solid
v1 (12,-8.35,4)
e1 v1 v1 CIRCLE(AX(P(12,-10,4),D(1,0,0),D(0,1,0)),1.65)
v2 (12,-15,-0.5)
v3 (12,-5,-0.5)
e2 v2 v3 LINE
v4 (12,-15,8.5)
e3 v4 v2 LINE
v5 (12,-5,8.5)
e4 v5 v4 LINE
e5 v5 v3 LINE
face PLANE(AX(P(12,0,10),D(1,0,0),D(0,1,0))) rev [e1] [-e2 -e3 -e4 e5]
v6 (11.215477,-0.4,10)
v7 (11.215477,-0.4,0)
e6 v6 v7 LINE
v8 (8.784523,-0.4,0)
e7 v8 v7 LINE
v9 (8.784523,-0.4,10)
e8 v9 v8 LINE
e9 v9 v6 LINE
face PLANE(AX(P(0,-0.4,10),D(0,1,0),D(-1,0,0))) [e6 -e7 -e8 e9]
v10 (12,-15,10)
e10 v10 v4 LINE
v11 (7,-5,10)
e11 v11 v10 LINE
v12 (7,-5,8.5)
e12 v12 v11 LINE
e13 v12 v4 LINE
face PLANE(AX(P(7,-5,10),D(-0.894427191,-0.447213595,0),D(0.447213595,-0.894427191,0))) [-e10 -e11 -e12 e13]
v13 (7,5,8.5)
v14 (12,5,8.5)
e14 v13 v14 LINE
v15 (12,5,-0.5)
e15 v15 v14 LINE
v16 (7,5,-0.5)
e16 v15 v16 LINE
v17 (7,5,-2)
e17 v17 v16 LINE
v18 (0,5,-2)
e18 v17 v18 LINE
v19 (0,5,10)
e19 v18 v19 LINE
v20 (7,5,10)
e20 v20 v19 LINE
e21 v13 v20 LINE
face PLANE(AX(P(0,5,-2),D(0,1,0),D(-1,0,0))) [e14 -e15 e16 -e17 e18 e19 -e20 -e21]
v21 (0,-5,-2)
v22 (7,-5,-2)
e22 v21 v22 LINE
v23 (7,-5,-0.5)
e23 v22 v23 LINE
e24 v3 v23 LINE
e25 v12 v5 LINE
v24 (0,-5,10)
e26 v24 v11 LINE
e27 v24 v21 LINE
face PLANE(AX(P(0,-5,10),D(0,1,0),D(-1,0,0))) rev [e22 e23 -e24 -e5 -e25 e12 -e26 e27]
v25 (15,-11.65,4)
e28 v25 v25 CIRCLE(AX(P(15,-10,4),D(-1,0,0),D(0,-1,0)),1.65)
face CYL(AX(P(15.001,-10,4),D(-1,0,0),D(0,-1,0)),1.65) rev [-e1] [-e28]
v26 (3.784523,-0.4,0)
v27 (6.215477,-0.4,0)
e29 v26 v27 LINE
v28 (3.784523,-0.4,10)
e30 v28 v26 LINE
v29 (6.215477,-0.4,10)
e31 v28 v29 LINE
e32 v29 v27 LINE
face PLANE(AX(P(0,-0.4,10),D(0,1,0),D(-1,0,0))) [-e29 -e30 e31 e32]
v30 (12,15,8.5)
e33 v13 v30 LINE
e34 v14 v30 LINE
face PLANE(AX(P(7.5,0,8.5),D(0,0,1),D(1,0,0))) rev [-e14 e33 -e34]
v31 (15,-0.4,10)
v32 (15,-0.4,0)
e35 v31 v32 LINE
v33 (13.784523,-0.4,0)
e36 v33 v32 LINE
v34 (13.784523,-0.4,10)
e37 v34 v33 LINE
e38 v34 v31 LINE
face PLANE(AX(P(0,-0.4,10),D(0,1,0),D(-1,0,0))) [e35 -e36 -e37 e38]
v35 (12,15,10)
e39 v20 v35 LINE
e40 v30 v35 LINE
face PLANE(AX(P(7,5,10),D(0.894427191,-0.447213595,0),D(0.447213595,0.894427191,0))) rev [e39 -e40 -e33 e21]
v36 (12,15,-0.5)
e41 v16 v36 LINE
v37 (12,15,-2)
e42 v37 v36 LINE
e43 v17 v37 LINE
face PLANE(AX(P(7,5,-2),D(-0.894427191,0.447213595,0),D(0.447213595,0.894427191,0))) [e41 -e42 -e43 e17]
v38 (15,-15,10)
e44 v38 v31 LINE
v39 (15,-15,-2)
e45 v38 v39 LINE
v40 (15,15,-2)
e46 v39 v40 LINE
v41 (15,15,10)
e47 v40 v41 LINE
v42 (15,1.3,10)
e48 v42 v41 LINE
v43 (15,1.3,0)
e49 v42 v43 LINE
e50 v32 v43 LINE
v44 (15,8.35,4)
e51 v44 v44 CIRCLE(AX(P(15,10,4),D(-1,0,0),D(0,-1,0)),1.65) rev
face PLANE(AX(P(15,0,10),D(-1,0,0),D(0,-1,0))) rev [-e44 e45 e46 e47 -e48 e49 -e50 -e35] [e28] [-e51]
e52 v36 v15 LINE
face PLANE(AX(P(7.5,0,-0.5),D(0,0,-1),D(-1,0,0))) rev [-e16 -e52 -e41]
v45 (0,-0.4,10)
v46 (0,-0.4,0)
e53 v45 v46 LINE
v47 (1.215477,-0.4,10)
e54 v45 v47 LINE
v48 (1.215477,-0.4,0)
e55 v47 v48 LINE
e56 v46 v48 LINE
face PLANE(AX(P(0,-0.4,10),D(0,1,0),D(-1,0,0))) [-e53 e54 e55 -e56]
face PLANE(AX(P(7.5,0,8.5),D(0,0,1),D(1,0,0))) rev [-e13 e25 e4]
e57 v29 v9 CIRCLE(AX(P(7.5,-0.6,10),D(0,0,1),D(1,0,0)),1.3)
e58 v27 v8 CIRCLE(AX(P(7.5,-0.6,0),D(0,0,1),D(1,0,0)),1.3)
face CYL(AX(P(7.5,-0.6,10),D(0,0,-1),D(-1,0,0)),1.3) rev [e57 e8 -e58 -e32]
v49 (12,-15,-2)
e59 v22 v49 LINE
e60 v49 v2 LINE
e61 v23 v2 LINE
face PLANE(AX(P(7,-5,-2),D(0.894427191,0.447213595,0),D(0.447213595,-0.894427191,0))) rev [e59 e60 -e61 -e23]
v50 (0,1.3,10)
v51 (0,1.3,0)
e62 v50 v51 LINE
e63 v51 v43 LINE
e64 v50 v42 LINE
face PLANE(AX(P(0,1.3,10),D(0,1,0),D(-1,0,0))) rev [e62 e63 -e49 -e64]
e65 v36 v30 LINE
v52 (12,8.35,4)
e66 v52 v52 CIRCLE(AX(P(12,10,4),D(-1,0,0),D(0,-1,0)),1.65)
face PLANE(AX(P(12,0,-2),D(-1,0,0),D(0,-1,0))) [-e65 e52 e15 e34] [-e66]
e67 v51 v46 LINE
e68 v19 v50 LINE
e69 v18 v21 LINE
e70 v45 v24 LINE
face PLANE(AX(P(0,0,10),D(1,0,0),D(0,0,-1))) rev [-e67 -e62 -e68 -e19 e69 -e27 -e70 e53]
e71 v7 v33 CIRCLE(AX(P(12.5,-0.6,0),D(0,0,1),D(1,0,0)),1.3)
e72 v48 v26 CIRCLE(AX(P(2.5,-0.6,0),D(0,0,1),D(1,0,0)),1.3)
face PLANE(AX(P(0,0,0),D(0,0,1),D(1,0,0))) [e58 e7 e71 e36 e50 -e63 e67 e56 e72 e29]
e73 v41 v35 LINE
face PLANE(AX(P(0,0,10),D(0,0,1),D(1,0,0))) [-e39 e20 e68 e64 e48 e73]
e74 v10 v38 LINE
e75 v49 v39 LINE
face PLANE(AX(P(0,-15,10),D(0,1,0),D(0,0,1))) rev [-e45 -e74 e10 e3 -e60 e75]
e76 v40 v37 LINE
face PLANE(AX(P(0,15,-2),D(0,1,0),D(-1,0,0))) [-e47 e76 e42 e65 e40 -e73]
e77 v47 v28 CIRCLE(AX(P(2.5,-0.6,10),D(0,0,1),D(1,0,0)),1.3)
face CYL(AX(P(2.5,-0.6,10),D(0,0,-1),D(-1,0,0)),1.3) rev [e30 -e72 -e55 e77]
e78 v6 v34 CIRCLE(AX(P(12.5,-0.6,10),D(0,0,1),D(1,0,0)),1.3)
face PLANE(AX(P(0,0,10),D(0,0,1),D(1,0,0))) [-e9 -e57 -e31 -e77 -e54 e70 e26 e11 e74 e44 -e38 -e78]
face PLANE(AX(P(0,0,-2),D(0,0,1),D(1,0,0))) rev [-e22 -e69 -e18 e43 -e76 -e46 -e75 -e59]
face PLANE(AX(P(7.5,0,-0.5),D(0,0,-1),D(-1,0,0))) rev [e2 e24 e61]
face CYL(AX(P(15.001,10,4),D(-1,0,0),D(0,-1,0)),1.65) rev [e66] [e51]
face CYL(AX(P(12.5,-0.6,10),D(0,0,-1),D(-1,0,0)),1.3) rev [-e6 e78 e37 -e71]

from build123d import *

# Parameters (mm, degrees)
BOSS_EXTRUDE1_DEPTH     = 10
BOSS_EXTRUDE2_DEPTH     = 2
CUT_EXTRUDE1_REACH      = 23.656
SKETCH5_R               = 1.65
RIB1_REACH              = 26.372
SKETCH4_WALL_W          = 61.924570316
SKETCH4_WALL_H          = 1.5
MIRROR2_COPY_1_REACH    = 26.372
MIRROR2_COPY_1_SKETCH_W = 61.924570316
MIRROR2_COPY_1_SKETCH_H = 1.5


with BuildPart() as part:
    # Sketch2 → Boss-Extrude1 (new body)
    with BuildSketch(Plane.XY):
        with BuildLine():
            Line((1, -0.6), (0, -0.6))
            Line((0, -0.6), (0, -5))
            Line((0, -5), (12, -5))
            Line((12, -5), (12, -15))
            Line((12, -15), (15, -15))
            Line((15, -15), (15, -0.6))
            Line((15, -0.6), (14, -0.6))
            ThreePointArc((14, -0.6), (12.5, -2.1), (11, -0.6))
            Line((11, -0.6), (9, -0.6))
            ThreePointArc((9, -0.6), (7.5, -2.1), (6, -0.6))
            Line((6, -0.6), (4, -0.6))
            ThreePointArc((4, -0.6), (2.5, -2.1), (1, -0.6))
        make_face()
        Polygon((12, 5), (0, 5), (0, 1.3), (15, 1.3), (15, 15), (12, 15), align=None)
        with BuildLine():
            Line((1.215476742, -0.4), (0, -0.4))
            Line((0, -0.4), (0, -0.6))
            Line((0, -0.6), (1, -0.6))
            ThreePointArc((1, -0.6), (2.5, -2.1), (4, -0.6))
            Line((4, -0.6), (6, -0.6))
            ThreePointArc((6, -0.6), (7.5, -2.1), (9, -0.6))
            Line((9, -0.6), (11, -0.6))
            ThreePointArc((11, -0.6), (12.5, -2.1), (14, -0.6))
            Line((14, -0.6), (15, -0.6))
            Line((15, -0.6), (15, -0.4))
            Line((15, -0.4), (13.784523258, -0.4))
            ThreePointArc((13.784523258, -0.4), (12.5, -1.9), (11.215476742, -0.4))
            Line((11.215476742, -0.4), (8.784523258, -0.4))
            ThreePointArc((8.784523258, -0.4), (7.5, -1.9), (6.215476742, -0.4))
            Line((6.215476742, -0.4), (3.784523258, -0.4))
            ThreePointArc((3.784523258, -0.4), (2.5, -1.9), (1.215476742, -0.4))
        make_face()
    extrude(amount=BOSS_EXTRUDE1_DEPTH)

    # Sketch2<4> → Boss-Extrude2 (add)
    with BuildSketch(Plane.XY):
        Polygon((0, 5), (0, -5), (12, -5), (12, -15), (15, -15), (15, 15), (12, 15), (12, 5), align=None)
    extrude(amount=-BOSS_EXTRUDE2_DEPTH)

    # Sketch5 → Cut-Extrude1 (cut, up to next)
    with BuildSketch(Plane.ZY.offset(-12), mode=Mode.PRIVATE) as cut_extrude1_sk1:
        with Locations(Location((4, 10, 0), (0, 0, 270))):
            Circle(SKETCH5_R)
    cut_extrude1_tool1 = extrude(cut_extrude1_sk1.sketch, amount=-CUT_EXTRUDE1_REACH, mode=Mode.PRIVATE) & part.part
    cut_extrude1 = cut_extrude1_tool1.solids().sort_by_distance((12, 10, 4))[0]
    add(cut_extrude1, mode=Mode.SUBTRACT)

    # Sketch4 wall → Rib1 (add, up to next)
    with BuildSketch(Plane(origin=(9.5, 10, 10), x_dir=(0.4472135955, 0.894427191, 0), z_dir=(-0.894427191, 0.4472135955, 0)), mode=Mode.PRIVATE) as rib1_sk1:
        with Locations((0, 0.75)):
            Rectangle(SKETCH4_WALL_W, SKETCH4_WALL_H)
    rib1_tool1 = extrude(rib1_sk1.sketch, amount=-RIB1_REACH, mode=Mode.PRIVATE) - part.part
    rib1 = rib1_tool1.solids().sort_by_distance((9.5, 10, 10))[0]
    add(rib1)

    # Mirror1: Rib1 across plane
    add(rib1.mirror(Plane.XY.offset(4)))

    # Mirror2: Cut-Extrude1, Rib1 across plane
    add(cut_extrude1.mirror(Plane.ZX), mode=Mode.SUBTRACT)
    add(rib1.mirror(Plane.ZX))

    # Mirror2 copy 1 sketch → Mirror2 copy 1 (add, up to next)
    with BuildSketch(Plane(origin=(9.5, -10, -2), x_dir=(0.4472135955, -0.894427191, 0), z_dir=(-0.894427191, -0.4472135955, 0)), mode=Mode.PRIVATE) as mirror2_copy_1_sk1:
        with Locations((0, 0.75)):
            Rectangle(MIRROR2_COPY_1_SKETCH_W, MIRROR2_COPY_1_SKETCH_H)
    mirror2_copy_1_tool1 = extrude(mirror2_copy_1_sk1.sketch, amount=-MIRROR2_COPY_1_REACH, mode=Mode.PRIVATE) - part.part
    add(mirror2_copy_1_tool1.solids().sort_by_distance((9.5, -10, -2))[0])


solid = part.part
